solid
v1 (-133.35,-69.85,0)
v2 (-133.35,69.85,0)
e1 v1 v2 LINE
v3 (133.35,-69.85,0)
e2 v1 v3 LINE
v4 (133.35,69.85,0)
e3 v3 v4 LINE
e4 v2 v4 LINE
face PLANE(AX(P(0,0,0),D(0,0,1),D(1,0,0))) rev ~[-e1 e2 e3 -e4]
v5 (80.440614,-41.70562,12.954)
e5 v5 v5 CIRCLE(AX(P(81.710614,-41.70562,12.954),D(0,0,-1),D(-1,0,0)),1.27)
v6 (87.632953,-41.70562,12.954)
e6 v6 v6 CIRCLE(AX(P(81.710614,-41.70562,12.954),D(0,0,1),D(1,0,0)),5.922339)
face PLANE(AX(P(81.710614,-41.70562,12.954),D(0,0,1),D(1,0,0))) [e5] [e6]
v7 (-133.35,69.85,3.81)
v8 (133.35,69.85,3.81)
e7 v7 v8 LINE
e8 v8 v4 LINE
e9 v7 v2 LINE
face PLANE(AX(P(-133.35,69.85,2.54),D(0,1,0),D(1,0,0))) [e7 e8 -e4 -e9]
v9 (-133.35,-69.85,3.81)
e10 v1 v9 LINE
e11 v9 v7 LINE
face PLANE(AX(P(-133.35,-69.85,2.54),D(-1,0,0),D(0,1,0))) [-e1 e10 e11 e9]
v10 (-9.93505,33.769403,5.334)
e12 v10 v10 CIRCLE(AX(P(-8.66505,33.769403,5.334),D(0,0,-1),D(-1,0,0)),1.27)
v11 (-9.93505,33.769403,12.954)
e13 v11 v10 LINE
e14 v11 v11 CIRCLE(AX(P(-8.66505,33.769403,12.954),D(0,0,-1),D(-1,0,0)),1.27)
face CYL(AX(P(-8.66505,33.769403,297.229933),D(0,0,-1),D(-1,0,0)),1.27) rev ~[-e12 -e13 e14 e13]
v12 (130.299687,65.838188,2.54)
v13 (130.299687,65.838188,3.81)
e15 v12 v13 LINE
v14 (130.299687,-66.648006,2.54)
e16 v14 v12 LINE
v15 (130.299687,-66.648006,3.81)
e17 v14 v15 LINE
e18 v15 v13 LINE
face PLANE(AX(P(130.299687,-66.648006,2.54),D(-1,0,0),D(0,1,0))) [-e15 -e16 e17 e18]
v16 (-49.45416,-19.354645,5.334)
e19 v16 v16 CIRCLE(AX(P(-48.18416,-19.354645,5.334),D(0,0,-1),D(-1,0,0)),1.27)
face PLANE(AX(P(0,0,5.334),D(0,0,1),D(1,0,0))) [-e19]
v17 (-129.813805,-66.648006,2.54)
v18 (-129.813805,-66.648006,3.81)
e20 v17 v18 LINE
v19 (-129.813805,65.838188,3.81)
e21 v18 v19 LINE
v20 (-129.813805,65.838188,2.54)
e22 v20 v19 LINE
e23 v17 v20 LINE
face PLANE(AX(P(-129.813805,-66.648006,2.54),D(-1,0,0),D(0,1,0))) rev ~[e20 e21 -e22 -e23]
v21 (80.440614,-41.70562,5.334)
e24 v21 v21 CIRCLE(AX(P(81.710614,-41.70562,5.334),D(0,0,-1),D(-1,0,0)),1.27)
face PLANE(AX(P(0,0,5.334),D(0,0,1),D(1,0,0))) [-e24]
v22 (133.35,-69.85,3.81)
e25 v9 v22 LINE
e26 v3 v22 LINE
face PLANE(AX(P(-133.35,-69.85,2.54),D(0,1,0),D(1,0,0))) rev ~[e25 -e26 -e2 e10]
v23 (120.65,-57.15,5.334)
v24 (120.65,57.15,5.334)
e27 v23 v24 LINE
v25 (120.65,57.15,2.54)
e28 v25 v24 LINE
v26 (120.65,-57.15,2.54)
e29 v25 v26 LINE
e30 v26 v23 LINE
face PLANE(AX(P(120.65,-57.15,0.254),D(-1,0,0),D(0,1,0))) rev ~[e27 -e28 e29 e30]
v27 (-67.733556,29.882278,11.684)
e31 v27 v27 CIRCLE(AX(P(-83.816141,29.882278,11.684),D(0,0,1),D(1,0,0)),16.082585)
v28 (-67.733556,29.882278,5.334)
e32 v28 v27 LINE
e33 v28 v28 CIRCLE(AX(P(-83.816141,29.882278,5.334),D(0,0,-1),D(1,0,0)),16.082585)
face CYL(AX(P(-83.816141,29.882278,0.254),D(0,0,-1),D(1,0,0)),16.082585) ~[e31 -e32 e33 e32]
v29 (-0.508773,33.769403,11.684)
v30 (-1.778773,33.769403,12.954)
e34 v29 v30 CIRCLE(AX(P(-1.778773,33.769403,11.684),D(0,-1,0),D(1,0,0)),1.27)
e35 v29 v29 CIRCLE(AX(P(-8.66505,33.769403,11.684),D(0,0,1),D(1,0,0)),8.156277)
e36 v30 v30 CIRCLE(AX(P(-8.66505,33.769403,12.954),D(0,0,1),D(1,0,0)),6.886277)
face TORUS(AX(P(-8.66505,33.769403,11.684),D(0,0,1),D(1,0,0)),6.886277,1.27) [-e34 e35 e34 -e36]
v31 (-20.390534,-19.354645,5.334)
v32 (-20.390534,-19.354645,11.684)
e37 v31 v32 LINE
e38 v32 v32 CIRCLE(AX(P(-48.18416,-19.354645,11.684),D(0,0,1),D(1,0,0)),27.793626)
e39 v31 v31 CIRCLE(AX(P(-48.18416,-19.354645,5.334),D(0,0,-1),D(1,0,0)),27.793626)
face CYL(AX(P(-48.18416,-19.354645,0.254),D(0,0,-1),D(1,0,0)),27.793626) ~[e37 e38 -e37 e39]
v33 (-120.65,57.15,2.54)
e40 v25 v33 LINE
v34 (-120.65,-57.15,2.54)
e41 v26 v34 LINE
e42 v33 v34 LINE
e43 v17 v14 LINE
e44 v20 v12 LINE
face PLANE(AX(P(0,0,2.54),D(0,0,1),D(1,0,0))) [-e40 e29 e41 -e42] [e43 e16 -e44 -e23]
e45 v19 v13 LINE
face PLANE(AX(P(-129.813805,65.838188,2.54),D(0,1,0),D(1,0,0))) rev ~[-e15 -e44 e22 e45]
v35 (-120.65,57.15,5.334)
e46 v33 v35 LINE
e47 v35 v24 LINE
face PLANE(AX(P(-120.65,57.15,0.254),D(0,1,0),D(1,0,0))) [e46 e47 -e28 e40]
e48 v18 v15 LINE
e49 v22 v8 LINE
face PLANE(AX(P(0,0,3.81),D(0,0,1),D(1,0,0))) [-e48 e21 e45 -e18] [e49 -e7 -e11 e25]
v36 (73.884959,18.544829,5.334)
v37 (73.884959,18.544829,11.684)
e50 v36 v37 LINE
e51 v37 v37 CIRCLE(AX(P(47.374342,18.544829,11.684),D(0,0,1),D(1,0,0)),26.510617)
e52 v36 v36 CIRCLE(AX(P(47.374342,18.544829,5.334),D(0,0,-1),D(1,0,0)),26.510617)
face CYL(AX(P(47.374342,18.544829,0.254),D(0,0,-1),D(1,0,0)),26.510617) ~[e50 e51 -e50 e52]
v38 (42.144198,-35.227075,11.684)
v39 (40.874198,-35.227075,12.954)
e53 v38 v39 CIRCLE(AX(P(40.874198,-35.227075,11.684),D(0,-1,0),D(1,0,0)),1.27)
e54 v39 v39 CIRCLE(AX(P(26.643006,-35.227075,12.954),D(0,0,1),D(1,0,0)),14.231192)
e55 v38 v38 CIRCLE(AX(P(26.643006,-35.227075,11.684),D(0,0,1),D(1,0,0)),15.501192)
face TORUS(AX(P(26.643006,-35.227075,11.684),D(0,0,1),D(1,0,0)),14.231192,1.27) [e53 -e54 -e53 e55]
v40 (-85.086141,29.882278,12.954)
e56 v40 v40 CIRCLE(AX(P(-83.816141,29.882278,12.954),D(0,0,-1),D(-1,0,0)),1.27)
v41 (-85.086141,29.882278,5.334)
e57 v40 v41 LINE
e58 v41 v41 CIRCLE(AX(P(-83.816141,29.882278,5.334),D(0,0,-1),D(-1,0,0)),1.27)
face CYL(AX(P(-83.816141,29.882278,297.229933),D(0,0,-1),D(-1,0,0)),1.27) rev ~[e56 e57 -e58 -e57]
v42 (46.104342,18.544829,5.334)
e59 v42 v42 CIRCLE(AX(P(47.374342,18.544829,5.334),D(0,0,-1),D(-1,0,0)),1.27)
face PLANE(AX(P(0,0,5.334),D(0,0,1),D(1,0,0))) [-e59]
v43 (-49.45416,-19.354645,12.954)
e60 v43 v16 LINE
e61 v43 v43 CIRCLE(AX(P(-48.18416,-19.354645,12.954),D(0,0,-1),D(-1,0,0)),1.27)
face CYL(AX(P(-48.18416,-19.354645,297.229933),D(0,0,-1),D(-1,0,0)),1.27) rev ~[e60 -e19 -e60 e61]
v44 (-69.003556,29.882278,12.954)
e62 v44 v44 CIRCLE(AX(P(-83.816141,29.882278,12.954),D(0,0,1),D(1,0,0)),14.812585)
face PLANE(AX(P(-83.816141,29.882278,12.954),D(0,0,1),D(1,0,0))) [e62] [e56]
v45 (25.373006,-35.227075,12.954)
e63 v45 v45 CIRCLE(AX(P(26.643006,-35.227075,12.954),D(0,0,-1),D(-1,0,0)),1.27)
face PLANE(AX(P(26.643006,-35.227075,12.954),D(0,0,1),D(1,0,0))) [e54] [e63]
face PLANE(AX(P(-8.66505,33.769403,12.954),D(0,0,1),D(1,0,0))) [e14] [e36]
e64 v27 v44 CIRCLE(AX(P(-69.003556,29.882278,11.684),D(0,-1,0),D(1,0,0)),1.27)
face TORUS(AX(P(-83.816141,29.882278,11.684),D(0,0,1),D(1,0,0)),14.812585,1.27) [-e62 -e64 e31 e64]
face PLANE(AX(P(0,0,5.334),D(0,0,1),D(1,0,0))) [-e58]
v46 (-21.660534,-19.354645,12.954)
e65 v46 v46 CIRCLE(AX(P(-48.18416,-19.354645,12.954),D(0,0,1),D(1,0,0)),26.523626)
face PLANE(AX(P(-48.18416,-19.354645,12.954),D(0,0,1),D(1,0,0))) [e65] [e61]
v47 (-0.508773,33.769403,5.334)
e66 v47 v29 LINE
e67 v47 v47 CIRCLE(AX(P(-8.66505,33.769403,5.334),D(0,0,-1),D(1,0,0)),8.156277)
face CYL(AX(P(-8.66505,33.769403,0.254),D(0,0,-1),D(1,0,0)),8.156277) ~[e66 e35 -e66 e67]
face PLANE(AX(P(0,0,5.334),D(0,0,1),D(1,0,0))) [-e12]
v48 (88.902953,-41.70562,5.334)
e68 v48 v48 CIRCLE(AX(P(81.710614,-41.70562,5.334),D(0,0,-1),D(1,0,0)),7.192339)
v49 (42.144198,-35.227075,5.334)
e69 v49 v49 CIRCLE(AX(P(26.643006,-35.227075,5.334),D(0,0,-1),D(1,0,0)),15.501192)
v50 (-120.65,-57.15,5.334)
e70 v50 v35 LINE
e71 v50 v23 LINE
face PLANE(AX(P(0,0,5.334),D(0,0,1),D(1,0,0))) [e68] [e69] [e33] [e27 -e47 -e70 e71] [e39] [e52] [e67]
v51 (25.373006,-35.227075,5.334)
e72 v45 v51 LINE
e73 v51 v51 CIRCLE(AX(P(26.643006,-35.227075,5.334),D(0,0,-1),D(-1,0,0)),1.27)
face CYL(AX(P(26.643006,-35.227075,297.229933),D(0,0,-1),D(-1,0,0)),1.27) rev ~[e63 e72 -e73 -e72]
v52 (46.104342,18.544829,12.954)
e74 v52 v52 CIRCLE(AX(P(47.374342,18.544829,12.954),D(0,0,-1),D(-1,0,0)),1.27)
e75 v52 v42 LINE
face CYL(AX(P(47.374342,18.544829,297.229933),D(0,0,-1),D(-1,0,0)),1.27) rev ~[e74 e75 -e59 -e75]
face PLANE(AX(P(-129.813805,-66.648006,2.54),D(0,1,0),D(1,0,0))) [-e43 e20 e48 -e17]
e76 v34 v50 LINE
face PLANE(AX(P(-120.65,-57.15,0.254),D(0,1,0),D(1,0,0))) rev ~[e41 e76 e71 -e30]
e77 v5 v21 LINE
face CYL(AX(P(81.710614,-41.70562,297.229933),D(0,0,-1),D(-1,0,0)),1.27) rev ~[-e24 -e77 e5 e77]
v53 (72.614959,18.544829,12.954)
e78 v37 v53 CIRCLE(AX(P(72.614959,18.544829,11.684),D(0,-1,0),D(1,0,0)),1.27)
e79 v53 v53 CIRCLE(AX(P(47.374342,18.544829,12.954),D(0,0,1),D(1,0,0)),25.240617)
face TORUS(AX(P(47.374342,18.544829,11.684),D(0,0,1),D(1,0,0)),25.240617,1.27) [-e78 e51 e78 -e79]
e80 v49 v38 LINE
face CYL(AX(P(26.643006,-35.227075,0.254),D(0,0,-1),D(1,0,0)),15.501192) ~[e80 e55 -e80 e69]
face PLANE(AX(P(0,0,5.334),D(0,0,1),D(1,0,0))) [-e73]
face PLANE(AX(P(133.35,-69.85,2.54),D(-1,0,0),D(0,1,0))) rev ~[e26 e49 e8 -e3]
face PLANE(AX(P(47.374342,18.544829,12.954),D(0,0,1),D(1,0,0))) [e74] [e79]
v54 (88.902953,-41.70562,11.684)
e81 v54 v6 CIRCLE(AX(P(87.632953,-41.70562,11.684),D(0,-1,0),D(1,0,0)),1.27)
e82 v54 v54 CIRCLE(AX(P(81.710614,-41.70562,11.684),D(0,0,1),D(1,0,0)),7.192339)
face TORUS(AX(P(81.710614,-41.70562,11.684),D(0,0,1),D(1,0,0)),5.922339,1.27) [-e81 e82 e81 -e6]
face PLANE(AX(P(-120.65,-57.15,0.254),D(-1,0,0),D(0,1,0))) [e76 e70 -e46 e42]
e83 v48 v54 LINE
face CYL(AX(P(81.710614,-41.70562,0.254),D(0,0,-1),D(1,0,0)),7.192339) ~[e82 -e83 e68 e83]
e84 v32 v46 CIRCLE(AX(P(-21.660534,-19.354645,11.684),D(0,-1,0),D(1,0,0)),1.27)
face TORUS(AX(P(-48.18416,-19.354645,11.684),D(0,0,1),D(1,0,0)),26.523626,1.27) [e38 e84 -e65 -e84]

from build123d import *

# Parameters (mm, degrees)
F0_W      = 254
F0_H      = 127
F1_DEPTH  = 0.254
F3_R      = 16.082585
F3_R_2    = 26.510617
F3_R_3    = 15.501192
F3_R_4    = 27.793626
F3_R_5    = 8.156277
F3_R_6    = 7.192339
F4_DEPTH  = 12.7
F6_D      = 2.54
F8_D      = 2.54
F10_D     = 2.54
F11_R     = 1.27
F12_R     = 1.27
F13_R     = 1.27
F14_R     = 1.27
F15_R     = 1.27
F16_R     = 1.27
F18_D     = 2.54
F20_D     = 2.54
F22_D     = 2.54
F23_W     = 266.7
F23_H     = 139.7
F24_DEPTH = 2.54
F2_W      = 241.3
F2_H      = 114.3
F25_DEPTH = 5.08
F26_W     = 266.7
F26_H     = 139.7
F26_W_2   = 260.113492
F26_H_2   = 132.486194
F27_DEPTH = 1.27


with BuildPart() as f1:
    # F0 (on Top) → F1 (new body)
    with BuildSketch(Plane.XY):
        Rectangle(F0_W, F0_H)
    extrude(amount=F1_DEPTH)

    # F3 (on face) → F4 (join)
    with BuildSketch(Plane.XY.offset(0.254)):
        with Locations((-83.816141, 29.882278)):
            Circle(F3_R)
        with Locations((47.374342, 18.544829)):
            Circle(F3_R_2)
        with Locations((26.643006, -35.227075)):
            Circle(F3_R_3)
        with Locations((-48.18416, -19.354645)):
            Circle(F3_R_4)
        with Locations((-8.66505, 33.769403)):
            Circle(F3_R_5)
        with Locations((81.710614, -41.70562)):
            Circle(F3_R_6)
    extrude(amount=F4_DEPTH)

    # F6 (through all)
    with Locations(Plane.XY.offset(12.954)):
        with Locations((-83.816141, 29.882278)):
            Hole(F6_D / 2)

    # F8 (through all)
    with Locations(Plane.XY.offset(12.954)):
        with Locations((-48.18416, -19.354645)):
            Hole(F8_D / 2)

    # F10 (through all)
    with Locations(Plane.XY.offset(12.954)):
        with Locations((-8.66505, 33.769403)):
            Hole(F10_D / 2)

    # F11
    f11_edges = [f1.edges().sort_by_distance(p)[0] for p in [
        (-99.898726, 29.882278, 12.954),
    ]]
    fillet(f11_edges, radius=F11_R)

    # F12
    f12_edges = [f1.edges().sort_by_distance(p)[0] for p in [
        (-75.977786, -19.354645, 12.954),
    ]]
    fillet(f12_edges, radius=F12_R)

    # F13
    f13_edges = [f1.edges().sort_by_distance(p)[0] for p in [
        (-16.821328, 33.769403, 12.954),
    ]]
    fillet(f13_edges, radius=F13_R)

    # F14
    f14_edges = [f1.edges().sort_by_distance(p)[0] for p in [
        (20.863725, 18.544829, 12.954),
    ]]
    fillet(f14_edges, radius=F14_R)

    # F15
    f15_edges = [f1.edges().sort_by_distance(p)[0] for p in [
        (11.141814, -35.227075, 12.954),
    ]]
    fillet(f15_edges, radius=F15_R)

    # F16
    f16_edges = [f1.edges().sort_by_distance(p)[0] for p in [
        (74.518275, -41.70562, 12.954),
    ]]
    fillet(f16_edges, radius=F16_R)

    # F18 (through all)
    with Locations(Plane.XY.offset(12.954)):
        with Locations((47.374342, 18.544829)):
            Hole(F18_D / 2)

    # F20 (through all)
    with Locations(Plane.XY.offset(12.954)):
        with Locations((26.643006, -35.227075)):
            Hole(F20_D / 2)

    # F22 (through all)
    with Locations(Plane.XY.offset(12.954)):
        with Locations((81.710614, -41.70562)):
            Hole(F22_D / 2)

    # F23 (on Top) → F24 (join)
    with BuildSketch(Plane.XY):
        Rectangle(F23_W, F23_H)
    extrude(amount=F24_DEPTH)

    # F2 (on face) → F25 (join)
    with BuildSketch(Plane.XY.offset(0.254)):
        Rectangle(F2_W, F2_H)
    extrude(amount=F25_DEPTH)

    # F26 (on face) → F27 (join)
    with BuildSketch(Plane.XY.offset(2.54)):
        Rectangle(F26_W, F26_H)
        with Locations((0.242941, -0.404909)):
            Rectangle(F26_W_2, F26_H_2, mode=Mode.SUBTRACT)
    extrude(amount=F27_DEPTH)


solid = f1.part
